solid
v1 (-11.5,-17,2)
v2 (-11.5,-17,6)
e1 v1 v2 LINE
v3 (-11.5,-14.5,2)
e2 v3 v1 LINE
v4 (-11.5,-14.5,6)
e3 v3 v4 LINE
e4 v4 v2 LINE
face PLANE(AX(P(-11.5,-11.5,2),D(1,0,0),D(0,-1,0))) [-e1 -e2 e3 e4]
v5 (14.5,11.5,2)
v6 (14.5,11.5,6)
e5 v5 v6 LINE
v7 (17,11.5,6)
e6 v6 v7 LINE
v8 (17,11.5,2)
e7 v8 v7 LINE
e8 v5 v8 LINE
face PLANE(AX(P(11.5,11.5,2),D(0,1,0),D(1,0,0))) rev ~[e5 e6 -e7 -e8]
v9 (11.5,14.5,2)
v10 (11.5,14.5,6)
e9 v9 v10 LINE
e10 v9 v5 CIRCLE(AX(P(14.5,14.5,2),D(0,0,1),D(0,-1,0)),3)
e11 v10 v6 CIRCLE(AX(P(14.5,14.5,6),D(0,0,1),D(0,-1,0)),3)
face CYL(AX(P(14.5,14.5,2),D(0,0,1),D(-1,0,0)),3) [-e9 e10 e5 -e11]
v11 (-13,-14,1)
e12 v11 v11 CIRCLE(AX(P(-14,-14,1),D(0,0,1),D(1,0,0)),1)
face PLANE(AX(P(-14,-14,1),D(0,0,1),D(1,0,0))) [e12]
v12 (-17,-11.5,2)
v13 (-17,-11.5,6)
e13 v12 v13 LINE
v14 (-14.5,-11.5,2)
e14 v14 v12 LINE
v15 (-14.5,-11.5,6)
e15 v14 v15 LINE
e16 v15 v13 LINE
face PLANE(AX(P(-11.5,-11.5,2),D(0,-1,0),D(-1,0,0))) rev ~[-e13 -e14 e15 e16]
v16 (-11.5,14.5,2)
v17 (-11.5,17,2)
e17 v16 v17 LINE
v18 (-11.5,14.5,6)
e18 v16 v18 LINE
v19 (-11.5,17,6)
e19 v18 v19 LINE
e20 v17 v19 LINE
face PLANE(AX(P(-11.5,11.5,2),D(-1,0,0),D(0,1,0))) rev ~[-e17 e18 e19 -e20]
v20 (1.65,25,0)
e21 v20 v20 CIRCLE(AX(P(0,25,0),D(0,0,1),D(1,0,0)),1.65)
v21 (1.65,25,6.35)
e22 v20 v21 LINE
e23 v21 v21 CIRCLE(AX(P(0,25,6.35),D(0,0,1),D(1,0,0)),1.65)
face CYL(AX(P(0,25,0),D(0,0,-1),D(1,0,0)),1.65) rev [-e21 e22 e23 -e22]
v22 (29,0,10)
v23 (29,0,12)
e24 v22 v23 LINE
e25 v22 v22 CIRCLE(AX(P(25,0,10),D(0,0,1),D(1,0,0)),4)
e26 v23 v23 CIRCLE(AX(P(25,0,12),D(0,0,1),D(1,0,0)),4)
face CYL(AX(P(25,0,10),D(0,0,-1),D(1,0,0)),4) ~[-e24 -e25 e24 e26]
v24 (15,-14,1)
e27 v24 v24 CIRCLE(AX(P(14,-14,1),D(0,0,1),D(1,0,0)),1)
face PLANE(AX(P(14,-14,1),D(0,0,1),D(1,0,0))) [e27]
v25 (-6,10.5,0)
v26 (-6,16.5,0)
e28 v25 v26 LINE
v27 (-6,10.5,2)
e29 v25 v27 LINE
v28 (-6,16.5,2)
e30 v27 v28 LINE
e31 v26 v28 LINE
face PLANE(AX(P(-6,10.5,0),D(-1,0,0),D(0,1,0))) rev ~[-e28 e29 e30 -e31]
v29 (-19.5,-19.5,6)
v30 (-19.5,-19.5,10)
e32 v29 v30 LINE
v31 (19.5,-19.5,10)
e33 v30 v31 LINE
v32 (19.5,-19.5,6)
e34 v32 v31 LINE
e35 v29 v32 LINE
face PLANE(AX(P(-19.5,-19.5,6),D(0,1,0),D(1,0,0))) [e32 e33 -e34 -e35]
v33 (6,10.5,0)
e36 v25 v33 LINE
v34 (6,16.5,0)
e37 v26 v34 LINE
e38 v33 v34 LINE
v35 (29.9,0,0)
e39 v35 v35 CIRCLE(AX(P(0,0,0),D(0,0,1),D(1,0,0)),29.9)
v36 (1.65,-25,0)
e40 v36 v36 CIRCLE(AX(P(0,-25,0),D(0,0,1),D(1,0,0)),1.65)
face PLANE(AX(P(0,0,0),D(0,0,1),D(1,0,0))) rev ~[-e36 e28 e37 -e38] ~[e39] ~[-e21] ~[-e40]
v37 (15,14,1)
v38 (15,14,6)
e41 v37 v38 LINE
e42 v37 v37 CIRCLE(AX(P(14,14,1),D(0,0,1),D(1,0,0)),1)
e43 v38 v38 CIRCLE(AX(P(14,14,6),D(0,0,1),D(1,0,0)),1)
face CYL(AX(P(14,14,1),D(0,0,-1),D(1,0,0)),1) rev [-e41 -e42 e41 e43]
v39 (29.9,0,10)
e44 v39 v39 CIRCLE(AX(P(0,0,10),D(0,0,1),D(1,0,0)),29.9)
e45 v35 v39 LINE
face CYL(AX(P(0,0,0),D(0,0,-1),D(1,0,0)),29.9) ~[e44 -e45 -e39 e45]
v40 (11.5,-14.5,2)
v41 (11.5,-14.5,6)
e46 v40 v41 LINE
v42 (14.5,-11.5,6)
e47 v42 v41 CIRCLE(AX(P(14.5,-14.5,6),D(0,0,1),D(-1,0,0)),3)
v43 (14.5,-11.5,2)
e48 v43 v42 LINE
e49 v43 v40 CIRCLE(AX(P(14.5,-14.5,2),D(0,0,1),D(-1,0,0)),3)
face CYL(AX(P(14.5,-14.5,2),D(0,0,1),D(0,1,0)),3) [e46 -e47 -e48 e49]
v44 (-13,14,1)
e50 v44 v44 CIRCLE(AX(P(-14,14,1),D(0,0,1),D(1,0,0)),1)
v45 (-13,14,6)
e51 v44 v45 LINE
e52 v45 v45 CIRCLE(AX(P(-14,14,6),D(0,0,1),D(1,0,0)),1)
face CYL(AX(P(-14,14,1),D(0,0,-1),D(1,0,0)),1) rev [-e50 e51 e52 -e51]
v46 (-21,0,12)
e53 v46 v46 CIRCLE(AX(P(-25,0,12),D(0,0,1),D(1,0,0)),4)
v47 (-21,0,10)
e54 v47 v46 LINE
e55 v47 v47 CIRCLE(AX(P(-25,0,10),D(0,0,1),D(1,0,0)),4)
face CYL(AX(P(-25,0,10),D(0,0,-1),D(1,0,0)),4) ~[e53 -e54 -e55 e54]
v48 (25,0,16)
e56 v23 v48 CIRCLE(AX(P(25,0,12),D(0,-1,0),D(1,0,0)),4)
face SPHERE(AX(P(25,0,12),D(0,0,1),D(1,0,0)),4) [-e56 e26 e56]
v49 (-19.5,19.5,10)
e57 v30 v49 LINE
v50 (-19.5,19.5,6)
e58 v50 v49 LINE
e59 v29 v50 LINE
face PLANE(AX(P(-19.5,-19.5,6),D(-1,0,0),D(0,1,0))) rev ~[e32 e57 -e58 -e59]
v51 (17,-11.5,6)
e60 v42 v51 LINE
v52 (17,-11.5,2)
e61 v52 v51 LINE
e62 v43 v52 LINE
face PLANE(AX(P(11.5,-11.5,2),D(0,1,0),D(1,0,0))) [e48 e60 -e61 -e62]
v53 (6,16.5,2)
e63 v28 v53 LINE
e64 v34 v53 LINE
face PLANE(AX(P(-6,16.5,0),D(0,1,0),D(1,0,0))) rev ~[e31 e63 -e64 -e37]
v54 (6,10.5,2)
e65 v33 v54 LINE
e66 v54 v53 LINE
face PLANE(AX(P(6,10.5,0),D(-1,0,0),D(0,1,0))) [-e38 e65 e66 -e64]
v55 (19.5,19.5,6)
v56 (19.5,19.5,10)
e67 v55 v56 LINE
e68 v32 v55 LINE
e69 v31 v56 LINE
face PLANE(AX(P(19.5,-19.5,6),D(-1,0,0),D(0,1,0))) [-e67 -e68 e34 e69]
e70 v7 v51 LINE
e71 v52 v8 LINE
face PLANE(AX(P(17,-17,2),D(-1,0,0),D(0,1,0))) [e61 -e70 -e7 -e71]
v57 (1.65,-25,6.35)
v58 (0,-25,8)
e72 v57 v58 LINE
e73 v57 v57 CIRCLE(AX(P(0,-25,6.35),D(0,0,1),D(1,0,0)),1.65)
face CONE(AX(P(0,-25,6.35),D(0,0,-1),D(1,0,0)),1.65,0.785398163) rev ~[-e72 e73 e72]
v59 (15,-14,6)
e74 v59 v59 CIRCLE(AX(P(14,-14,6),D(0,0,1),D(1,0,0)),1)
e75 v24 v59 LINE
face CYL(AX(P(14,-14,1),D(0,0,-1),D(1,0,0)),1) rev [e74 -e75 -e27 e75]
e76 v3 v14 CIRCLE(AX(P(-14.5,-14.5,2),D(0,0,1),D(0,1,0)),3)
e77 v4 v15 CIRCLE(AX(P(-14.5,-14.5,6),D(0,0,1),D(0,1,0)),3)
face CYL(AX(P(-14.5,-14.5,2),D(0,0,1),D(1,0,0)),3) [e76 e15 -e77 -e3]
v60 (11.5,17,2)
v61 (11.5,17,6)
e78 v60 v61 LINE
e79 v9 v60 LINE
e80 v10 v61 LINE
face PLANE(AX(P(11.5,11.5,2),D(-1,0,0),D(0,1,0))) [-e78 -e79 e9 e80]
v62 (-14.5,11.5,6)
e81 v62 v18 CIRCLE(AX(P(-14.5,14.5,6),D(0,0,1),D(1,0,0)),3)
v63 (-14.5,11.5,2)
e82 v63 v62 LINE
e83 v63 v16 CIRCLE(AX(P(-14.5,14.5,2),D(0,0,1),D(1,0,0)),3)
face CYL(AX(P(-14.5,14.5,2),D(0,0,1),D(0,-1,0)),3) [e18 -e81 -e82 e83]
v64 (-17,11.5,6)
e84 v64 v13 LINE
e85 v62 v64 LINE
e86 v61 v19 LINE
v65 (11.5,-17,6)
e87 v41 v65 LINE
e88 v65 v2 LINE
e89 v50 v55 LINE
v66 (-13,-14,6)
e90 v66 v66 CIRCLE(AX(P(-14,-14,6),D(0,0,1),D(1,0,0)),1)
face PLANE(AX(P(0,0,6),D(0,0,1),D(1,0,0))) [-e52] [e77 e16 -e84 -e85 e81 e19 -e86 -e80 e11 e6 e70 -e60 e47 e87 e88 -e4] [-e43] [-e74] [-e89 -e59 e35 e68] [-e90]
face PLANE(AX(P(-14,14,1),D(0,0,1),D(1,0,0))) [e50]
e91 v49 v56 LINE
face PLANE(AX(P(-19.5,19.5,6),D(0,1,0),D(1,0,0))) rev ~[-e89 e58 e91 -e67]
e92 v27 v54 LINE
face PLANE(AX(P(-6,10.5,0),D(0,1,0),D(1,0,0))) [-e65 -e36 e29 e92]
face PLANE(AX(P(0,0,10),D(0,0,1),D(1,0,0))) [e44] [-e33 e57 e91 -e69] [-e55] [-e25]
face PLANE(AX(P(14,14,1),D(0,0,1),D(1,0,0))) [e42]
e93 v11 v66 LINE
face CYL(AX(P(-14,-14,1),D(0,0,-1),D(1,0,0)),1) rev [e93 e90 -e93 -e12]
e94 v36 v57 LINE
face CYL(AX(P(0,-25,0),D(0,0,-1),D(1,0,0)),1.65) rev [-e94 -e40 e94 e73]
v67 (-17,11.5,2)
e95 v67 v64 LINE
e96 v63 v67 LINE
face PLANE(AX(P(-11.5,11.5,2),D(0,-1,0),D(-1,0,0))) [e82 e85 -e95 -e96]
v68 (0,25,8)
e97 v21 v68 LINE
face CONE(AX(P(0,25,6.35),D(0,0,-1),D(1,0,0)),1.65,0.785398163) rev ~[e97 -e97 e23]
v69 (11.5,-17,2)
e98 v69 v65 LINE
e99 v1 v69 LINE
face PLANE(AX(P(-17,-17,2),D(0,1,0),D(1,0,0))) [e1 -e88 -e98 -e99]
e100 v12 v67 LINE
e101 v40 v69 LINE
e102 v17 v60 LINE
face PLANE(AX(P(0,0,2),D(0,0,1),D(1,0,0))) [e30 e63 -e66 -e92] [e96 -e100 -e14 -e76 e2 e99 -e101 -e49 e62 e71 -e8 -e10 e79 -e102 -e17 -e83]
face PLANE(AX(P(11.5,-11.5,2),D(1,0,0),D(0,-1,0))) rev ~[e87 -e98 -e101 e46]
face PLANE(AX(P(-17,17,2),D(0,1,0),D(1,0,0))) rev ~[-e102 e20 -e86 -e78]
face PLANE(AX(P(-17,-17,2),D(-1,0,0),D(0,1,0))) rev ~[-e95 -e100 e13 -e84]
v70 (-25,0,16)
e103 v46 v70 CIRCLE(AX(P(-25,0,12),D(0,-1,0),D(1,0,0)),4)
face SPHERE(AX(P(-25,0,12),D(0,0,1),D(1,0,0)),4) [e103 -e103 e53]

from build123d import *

# Parameters (mm, degrees)
CYLINDER003_R             = 1
CYLINDER003_DEPTH         = 5
CYLINDER001_R             = 1
CYLINDER001_DEPTH         = 5
CYLINDER002_R             = 1
CYLINDER002_DEPTH         = 5
BOX_W                     = 12
BOX_H                     = 6
BOX_DEPTH                 = 2
CYLINDER009_R             = 1.65
CYLINDER009_DEPTH         = 8
CHAMFER_SIZE              = 1.65
CYLINDER010_R             = 1.65
CYLINDER010_DEPTH         = 8
CHAMFER001_SIZE           = 1.65
CYLINDER_R                = 1
CYLINDER_DEPTH            = 5
BOX003_W                  = 34
BOX003_H                  = 34
BOX003_DEPTH              = 8
BOX002_W                  = 39
BOX002_H                  = 39
BOX002_DEPTH              = 4
CYLINDER004_R             = 29.9
CYLINDER004_DEPTH         = 10
CYLINDER006_R             = 4
CYLINDER006_DEPTH         = 6
FILLET004_R               = 4
CYLINDER008_R             = 4
CYLINDER008_DEPTH         = 6
FILLET005_R               = 4
BOX004_W                  = 5.5
BOX004_H                  = 5.5
BOX004_DEPTH              = 4
FILLET002_R               = 3
FILLET002_PLACEMENT_ANGLE = 180
FILLET001_R               = 3
FILLET001_PLACEMENT_ANGLE = 90
FILLET_R                  = 3
FILLET003_R               = 3
FILLET003_PLACEMENT_ANGLE = 90


with BuildPart() as cylinder003:
    # Cylinder003 → Cylinder003 (new body)
    with BuildSketch(Plane(origin=(14, -14, 1), x_dir=(1, 0, 0), z_dir=(0, 0, 1))):
        Circle(CYLINDER003_R)
    extrude(amount=CYLINDER003_DEPTH)


with BuildPart() as cylinder001:
    # Cylinder001 → Cylinder001 (new body)
    with BuildSketch(Plane(origin=(-14, 14, 1), x_dir=(1, 0, 0), z_dir=(0, 0, 1))):
        Circle(CYLINDER001_R)
    extrude(amount=CYLINDER001_DEPTH)


with BuildPart() as cylinder002:
    # Cylinder002 → Cylinder002 (new body)
    with BuildSketch(Plane(origin=(-14, -14, 1), x_dir=(1, 0, 0), z_dir=(0, 0, 1))):
        Circle(CYLINDER002_R)
    extrude(amount=CYLINDER002_DEPTH)


with BuildPart() as aussparung_usb_kabel:
    # Box → Box (new body)
    with BuildSketch(Plane(origin=(-6, 10.5, 0), x_dir=(1, 0, 0), z_dir=(0, 0, 1))):
        with Locations((6, 3)):
            Rectangle(BOX_W, BOX_H)
    extrude(amount=BOX_DEPTH)


with BuildPart() as chamfer001:
    # Cylinder009 → Cylinder009 (new body)
    with BuildSketch(Plane(origin=(0, -25, 0), x_dir=(1, 0, 0), z_dir=(0, 0, 1))):
        Circle(CYLINDER009_R)
    extrude(amount=CYLINDER009_DEPTH)

    # Chamfer
    chamfer_edges = [chamfer001.edges().sort_by_distance(p)[0] for p in [
        (-1.65, -25, 8),
    ]]
    chamfer(chamfer_edges, length=CHAMFER_SIZE)


with BuildPart() as chamfer002:
    # Cylinder010 → Cylinder010 (new body)
    with BuildSketch(Plane(origin=(0, 25, 0), x_dir=(1, 0, 0), z_dir=(0, 0, 1))):
        Circle(CYLINDER010_R)
    extrude(amount=CYLINDER010_DEPTH)

    # Chamfer001
    chamfer001_edges = [chamfer002.edges().sort_by_distance(p)[0] for p in [
        (-1.65, 25, 8),
    ]]
    chamfer(chamfer001_edges, length=CHAMFER001_SIZE)


with BuildPart() as bohrloecher:
    # Cylinder → Cylinder (new body)
    with BuildSketch(Plane(origin=(14, 14, 1), x_dir=(1, 0, 0), z_dir=(0, 0, 1))):
        Circle(CYLINDER_R)
    extrude(amount=CYLINDER_DEPTH)

    # Fusion: union Cylinder003, Cylinder001, Cylinder002, Aussparung_USB_Kabel, Chamfer001, Chamfer002
    add(cylinder003.part)
    add(cylinder001.part)
    add(cylinder002.part)
    add(aussparung_usb_kabel.part)
    add(chamfer001.part)
    add(chamfer002.part)


with BuildPart() as rahmen_innen:
    # Box003 → Box003 (new body)
    with BuildSketch(Plane(origin=(-17, -17, 2), x_dir=(1, 0, 0), z_dir=(0, 0, 1))):
        with Locations((17, 17)):
            Rectangle(BOX003_W, BOX003_H)
    extrude(amount=BOX003_DEPTH)


with BuildPart() as rahmen_aussen:
    # Box002 → Box002 (new body)
    with BuildSketch(Plane(origin=(-19.5, -19.5, 6), x_dir=(1, 0, 0), z_dir=(0, 0, 1))):
        with Locations((19.5, 19.5)):
            Rectangle(BOX002_W, BOX002_H)
    extrude(amount=BOX002_DEPTH)


with BuildPart() as cut001:
    # Cylinder004 → Cylinder004 (new body)
    with BuildSketch(Plane.XY):
        Circle(CYLINDER004_R)
    extrude(amount=CYLINDER004_DEPTH)

    # Cut: cut Rahmen_Aussen
    add(rahmen_aussen.part, mode=Mode.SUBTRACT)

    # Cut001: cut Rahmen_Innen
    add(rahmen_innen.part, mode=Mode.SUBTRACT)


with BuildPart() as fillet004:
    # Cylinder006 → Cylinder006 (new body)
    with BuildSketch(Plane(origin=(-25, 0, 10), x_dir=(1, 0, 0), z_dir=(0, 0, 1))):
        Circle(CYLINDER006_R)
    extrude(amount=CYLINDER006_DEPTH)

    # Fillet004
    fillet004_edges = [fillet004.edges().sort_by_distance(p)[0] for p in [
        (-29, 0, 16),
    ]]
    fillet(fillet004_edges, radius=FILLET004_R)


with BuildPart() as fillet005:
    # Cylinder008 → Cylinder008 (new body)
    with BuildSketch(Plane(origin=(25, 0, 10), x_dir=(1, 0, 0), z_dir=(0, 0, 1))):
        Circle(CYLINDER008_R)
    extrude(amount=CYLINDER008_DEPTH)

    # Fillet005
    fillet005_edges = [fillet005.edges().sort_by_distance(p)[0] for p in [
        (21, 0, 16),
    ]]
    fillet(fillet005_edges, radius=FILLET005_R)


with BuildPart() as w_rfel_eck:
    # Box004 → Box004 (new body)
    with BuildSketch(Plane(origin=(11.5, 11.5, 2), x_dir=(1, 0, 0), z_dir=(0, 0, 1))):
        with Locations((2.75, 2.75)):
            Rectangle(BOX004_W, BOX004_H)
    extrude(amount=BOX004_DEPTH)


with BuildPart() as fillet002:
    # Fillet002 base: copy of Würfel_Eck
    add(w_rfel_eck.part)

    # Fillet002
    fillet002_edges = [fillet002.edges().sort_by_distance(p)[0] for p in [
        (11.5, 11.5, 4),
    ]]
    fillet(fillet002_edges, radius=FILLET002_R)


with BuildPart() as fillet002_1:
    # Fillet002 placement: moved
    add(fillet002.part.rotate(Axis((0, 0, 0), (0, 0, 1)), FILLET002_PLACEMENT_ANGLE))


with BuildPart() as fillet001:
    # Fillet001 base: copy of Würfel_Eck
    add(w_rfel_eck.part)

    # Fillet001
    fillet001_edges = [fillet001.edges().sort_by_distance(p)[0] for p in [
        (11.5, 11.5, 4),
    ]]
    fillet(fillet001_edges, radius=FILLET001_R)


with BuildPart() as fillet001_1:
    # Fillet001 placement: moved
    add(fillet001.part.rotate(Axis((0, 0, 0), (0, 0, 1)), FILLET001_PLACEMENT_ANGLE))


with BuildPart() as fillet_body:
    # Fillet base: copy of Würfel_Eck
    add(w_rfel_eck.part)

    # Fillet
    fillet_edges = [fillet_body.edges().sort_by_distance(p)[0] for p in [
        (11.5, 11.5, 4),
    ]]
    fillet(fillet_edges, radius=FILLET_R)


with BuildPart() as cut002:
    # Fillet003 base: copy of Würfel_Eck
    add(w_rfel_eck.part)

    # Fillet003
    fillet003_edges = [cut002.edges().sort_by_distance(p)[0] for p in [
        (11.5, 11.5, 4),
    ]]
    fillet(fillet003_edges, radius=FILLET003_R)


with BuildPart() as cut002_1:
    # Fillet003 placement: moved
    add(cut002.part.rotate(Axis((0, 0, 0), (0, 0, -1)), FILLET003_PLACEMENT_ANGLE))

    # Fusion001: union Fillet002, Fillet001, Fillet body
    add(fillet002_1.part)
    add(fillet001_1.part)
    add(fillet_body.part)

    # Fusion002: union Cut001, Fillet004, Fillet005
    add(cut001.part)
    add(fillet004.part)
    add(fillet005.part)

    # Cut002: cut Bohrloecher
    add(bohrloecher.part, mode=Mode.SUBTRACT)


solid = cut002_1.part
